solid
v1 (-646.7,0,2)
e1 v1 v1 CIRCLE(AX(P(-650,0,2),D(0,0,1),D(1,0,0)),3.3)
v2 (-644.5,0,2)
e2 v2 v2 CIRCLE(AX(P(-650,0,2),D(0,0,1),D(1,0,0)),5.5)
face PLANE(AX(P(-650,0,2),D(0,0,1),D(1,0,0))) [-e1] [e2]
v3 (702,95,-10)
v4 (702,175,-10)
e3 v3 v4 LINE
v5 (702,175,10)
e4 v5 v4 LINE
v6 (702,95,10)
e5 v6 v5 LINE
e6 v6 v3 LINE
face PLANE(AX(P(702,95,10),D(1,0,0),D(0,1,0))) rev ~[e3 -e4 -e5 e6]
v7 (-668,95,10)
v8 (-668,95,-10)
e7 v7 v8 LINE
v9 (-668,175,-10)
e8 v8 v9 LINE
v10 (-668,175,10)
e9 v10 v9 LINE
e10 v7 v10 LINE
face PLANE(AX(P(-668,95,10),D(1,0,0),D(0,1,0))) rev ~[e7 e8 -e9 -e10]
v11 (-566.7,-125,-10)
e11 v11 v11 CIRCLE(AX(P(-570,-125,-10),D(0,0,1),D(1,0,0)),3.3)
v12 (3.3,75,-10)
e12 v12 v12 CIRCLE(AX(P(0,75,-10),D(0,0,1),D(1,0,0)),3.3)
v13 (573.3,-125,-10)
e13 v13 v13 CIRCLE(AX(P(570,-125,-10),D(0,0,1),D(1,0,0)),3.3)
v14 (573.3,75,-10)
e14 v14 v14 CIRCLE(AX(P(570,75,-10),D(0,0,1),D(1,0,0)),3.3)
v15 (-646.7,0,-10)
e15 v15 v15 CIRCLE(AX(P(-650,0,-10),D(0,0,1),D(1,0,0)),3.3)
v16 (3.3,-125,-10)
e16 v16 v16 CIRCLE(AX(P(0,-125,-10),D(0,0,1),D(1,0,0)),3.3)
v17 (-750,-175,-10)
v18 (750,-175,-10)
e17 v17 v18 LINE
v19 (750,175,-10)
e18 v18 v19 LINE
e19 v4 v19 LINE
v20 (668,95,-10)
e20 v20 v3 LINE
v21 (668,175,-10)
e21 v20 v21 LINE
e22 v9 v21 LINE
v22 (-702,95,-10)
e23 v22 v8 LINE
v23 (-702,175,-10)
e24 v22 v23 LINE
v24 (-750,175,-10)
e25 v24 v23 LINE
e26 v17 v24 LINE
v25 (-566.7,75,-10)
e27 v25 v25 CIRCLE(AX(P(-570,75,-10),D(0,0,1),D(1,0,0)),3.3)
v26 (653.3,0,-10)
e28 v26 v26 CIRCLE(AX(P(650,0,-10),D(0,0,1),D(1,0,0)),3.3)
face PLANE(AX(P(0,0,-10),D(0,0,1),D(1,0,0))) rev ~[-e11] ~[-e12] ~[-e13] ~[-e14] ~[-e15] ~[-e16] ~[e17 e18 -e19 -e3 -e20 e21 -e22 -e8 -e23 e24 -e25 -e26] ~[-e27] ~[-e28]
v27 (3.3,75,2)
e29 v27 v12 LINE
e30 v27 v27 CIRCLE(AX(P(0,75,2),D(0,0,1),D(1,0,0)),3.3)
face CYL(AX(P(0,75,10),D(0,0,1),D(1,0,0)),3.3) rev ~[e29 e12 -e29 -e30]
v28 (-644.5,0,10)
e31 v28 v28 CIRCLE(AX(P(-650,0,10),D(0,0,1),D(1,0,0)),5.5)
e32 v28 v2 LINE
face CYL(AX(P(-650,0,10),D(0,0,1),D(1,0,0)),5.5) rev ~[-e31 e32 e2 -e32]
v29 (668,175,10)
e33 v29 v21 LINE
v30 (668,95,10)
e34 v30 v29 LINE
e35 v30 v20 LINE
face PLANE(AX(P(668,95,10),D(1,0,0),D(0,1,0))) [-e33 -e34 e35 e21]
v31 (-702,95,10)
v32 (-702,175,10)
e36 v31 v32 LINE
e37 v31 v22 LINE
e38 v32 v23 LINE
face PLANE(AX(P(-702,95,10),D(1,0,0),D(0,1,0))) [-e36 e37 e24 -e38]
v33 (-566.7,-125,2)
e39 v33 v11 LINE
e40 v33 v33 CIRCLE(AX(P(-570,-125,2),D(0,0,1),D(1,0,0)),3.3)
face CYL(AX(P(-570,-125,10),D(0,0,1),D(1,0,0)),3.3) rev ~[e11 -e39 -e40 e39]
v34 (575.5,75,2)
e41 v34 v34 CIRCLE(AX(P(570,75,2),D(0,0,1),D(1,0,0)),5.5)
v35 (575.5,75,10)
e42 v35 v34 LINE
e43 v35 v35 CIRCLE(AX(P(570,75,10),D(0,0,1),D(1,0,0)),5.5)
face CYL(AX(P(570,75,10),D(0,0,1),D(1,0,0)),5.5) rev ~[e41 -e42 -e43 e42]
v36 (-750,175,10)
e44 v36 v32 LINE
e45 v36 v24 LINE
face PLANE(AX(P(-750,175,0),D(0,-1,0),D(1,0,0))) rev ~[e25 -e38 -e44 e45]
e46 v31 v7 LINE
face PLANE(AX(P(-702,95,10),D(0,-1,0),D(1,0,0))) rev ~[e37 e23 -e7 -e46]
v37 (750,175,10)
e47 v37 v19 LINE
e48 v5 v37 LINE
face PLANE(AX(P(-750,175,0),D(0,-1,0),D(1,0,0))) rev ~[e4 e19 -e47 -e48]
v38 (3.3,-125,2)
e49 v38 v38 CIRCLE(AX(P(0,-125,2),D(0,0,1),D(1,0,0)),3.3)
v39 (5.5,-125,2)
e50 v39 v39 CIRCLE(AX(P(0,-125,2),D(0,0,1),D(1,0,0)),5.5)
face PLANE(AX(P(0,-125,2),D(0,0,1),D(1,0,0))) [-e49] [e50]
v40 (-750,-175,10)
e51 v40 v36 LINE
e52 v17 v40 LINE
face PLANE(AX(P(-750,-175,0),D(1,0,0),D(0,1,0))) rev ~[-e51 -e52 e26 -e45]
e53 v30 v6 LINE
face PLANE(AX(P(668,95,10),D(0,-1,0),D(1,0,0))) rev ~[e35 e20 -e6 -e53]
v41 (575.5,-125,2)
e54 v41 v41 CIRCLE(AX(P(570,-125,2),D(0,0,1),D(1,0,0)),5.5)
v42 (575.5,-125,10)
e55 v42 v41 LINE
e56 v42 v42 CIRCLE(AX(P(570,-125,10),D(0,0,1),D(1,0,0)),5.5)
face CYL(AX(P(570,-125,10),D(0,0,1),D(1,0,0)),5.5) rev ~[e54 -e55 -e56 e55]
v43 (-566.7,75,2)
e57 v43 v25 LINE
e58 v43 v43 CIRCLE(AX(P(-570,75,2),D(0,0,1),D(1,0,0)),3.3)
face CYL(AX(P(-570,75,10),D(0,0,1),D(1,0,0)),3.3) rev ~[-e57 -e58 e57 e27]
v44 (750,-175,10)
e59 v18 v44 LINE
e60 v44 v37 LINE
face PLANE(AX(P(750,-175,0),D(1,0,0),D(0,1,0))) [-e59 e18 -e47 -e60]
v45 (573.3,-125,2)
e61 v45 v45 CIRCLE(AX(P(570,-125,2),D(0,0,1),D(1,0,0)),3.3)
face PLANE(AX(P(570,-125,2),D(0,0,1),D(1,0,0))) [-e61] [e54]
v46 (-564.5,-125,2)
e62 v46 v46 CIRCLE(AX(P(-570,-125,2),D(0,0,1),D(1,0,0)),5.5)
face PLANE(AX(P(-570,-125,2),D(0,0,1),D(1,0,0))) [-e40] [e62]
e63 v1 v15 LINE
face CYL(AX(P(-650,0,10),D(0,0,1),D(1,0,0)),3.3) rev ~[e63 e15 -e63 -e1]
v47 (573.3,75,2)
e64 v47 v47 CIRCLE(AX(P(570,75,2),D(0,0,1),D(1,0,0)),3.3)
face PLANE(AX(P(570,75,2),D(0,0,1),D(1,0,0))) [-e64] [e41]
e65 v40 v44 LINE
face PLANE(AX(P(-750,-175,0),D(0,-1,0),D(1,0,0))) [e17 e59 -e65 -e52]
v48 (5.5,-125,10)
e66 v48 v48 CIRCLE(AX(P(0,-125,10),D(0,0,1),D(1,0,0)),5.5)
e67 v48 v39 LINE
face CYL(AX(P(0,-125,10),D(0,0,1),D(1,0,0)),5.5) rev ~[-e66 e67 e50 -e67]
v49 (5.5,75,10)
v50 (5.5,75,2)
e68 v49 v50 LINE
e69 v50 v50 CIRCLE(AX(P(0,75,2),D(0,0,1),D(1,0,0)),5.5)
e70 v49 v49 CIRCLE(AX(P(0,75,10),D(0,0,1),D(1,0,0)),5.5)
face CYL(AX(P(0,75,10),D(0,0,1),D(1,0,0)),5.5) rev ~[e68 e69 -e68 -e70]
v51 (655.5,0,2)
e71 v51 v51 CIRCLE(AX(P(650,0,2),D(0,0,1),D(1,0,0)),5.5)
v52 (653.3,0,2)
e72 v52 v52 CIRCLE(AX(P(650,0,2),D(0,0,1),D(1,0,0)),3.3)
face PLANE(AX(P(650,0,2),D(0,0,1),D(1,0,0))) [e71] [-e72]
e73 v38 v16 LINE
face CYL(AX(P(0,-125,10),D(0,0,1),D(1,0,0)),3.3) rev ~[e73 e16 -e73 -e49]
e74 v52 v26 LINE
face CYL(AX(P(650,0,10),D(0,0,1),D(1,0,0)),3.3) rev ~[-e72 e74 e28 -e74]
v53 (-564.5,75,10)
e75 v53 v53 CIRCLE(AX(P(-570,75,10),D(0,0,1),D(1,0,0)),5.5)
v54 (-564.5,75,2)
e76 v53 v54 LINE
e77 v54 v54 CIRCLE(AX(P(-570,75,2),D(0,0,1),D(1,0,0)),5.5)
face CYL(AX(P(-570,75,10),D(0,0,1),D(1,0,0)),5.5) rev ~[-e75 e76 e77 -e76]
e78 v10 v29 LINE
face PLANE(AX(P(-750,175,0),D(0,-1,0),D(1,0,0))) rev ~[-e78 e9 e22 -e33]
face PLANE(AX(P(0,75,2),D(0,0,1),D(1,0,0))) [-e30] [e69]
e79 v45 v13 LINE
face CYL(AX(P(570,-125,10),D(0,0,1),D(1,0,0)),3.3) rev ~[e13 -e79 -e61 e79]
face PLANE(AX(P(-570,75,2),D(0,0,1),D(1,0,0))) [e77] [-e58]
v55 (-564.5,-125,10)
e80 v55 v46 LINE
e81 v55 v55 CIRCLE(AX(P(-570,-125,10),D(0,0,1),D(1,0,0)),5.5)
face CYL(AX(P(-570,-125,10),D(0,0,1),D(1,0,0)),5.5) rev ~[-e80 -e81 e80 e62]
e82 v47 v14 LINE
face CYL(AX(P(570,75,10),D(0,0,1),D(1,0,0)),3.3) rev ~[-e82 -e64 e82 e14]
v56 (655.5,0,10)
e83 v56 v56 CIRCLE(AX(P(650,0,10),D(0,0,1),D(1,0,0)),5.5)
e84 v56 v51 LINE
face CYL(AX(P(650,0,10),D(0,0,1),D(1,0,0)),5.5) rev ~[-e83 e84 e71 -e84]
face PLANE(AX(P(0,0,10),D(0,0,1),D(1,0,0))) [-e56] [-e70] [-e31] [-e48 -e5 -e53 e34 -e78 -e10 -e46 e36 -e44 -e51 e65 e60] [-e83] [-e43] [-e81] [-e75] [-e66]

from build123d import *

# Parameters (mm, degrees)
F0_W     = 1500
F0_H     = 350
F1_DEPTH = 10
F2_W     = 34
F2_H     = 80
F3_DEPTH = 20.001
F4_R     = 3.3
F5_DEPTH = 20.001
F6_R     = 5.5
F7_DEPTH = 8


with BuildPart() as f1:
    # F0 (on Top) → F1 (new body, symmetric)
    with BuildSketch(Plane.XY):
        Rectangle(F0_W, F0_H)
    extrude(amount=F1_DEPTH, both=True)

    # F2 (on face) → F3 (cut, through all)
    with BuildSketch(Plane.XY.offset(10)):
        with Locations((685, 135)):
            Rectangle(F2_W, F2_H)
        with Locations((-685, 135)):
            Rectangle(F2_W, F2_H)
    extrude(amount=-F3_DEPTH, mode=Mode.SUBTRACT)

    # F4 (on face) → F5 (cut, through all)
    with BuildSketch(Plane.XY.offset(10)):
        with Locations((-570, 75)):
            Circle(F4_R)
        with Locations((0, 75)):
            Circle(F4_R)
        with Locations((570, 75)):
            Circle(F4_R)
        with Locations((-570, -125)):
            Circle(F4_R)
        with Locations((0, -125)):
            Circle(F4_R)
        with Locations((570, -125)):
            Circle(F4_R)
        with Locations((-650, 0)):
            Circle(F4_R)
        with Locations((650, 0)):
            Circle(F4_R)
    extrude(amount=-F5_DEPTH, mode=Mode.SUBTRACT)

    # F6 (on face) → F7 (cut)
    with BuildSketch(Plane.XY.offset(10)):
        with Locations((-570, 75)):
            Circle(F6_R)
        with Locations((-650, 0)):
            Circle(F6_R)
        with Locations((-570, -125)):
            Circle(F6_R)
        with Locations((0, -125)):
            Circle(F6_R)
        with Locations((570, -125)):
            Circle(F6_R)
        with Locations((650, 0)):
            Circle(F6_R)
        with Locations((570, 75)):
            Circle(F6_R)
        with Locations((0, 75)):
            Circle(F6_R)
    extrude(amount=-F7_DEPTH, mode=Mode.SUBTRACT)


solid = f1.part
